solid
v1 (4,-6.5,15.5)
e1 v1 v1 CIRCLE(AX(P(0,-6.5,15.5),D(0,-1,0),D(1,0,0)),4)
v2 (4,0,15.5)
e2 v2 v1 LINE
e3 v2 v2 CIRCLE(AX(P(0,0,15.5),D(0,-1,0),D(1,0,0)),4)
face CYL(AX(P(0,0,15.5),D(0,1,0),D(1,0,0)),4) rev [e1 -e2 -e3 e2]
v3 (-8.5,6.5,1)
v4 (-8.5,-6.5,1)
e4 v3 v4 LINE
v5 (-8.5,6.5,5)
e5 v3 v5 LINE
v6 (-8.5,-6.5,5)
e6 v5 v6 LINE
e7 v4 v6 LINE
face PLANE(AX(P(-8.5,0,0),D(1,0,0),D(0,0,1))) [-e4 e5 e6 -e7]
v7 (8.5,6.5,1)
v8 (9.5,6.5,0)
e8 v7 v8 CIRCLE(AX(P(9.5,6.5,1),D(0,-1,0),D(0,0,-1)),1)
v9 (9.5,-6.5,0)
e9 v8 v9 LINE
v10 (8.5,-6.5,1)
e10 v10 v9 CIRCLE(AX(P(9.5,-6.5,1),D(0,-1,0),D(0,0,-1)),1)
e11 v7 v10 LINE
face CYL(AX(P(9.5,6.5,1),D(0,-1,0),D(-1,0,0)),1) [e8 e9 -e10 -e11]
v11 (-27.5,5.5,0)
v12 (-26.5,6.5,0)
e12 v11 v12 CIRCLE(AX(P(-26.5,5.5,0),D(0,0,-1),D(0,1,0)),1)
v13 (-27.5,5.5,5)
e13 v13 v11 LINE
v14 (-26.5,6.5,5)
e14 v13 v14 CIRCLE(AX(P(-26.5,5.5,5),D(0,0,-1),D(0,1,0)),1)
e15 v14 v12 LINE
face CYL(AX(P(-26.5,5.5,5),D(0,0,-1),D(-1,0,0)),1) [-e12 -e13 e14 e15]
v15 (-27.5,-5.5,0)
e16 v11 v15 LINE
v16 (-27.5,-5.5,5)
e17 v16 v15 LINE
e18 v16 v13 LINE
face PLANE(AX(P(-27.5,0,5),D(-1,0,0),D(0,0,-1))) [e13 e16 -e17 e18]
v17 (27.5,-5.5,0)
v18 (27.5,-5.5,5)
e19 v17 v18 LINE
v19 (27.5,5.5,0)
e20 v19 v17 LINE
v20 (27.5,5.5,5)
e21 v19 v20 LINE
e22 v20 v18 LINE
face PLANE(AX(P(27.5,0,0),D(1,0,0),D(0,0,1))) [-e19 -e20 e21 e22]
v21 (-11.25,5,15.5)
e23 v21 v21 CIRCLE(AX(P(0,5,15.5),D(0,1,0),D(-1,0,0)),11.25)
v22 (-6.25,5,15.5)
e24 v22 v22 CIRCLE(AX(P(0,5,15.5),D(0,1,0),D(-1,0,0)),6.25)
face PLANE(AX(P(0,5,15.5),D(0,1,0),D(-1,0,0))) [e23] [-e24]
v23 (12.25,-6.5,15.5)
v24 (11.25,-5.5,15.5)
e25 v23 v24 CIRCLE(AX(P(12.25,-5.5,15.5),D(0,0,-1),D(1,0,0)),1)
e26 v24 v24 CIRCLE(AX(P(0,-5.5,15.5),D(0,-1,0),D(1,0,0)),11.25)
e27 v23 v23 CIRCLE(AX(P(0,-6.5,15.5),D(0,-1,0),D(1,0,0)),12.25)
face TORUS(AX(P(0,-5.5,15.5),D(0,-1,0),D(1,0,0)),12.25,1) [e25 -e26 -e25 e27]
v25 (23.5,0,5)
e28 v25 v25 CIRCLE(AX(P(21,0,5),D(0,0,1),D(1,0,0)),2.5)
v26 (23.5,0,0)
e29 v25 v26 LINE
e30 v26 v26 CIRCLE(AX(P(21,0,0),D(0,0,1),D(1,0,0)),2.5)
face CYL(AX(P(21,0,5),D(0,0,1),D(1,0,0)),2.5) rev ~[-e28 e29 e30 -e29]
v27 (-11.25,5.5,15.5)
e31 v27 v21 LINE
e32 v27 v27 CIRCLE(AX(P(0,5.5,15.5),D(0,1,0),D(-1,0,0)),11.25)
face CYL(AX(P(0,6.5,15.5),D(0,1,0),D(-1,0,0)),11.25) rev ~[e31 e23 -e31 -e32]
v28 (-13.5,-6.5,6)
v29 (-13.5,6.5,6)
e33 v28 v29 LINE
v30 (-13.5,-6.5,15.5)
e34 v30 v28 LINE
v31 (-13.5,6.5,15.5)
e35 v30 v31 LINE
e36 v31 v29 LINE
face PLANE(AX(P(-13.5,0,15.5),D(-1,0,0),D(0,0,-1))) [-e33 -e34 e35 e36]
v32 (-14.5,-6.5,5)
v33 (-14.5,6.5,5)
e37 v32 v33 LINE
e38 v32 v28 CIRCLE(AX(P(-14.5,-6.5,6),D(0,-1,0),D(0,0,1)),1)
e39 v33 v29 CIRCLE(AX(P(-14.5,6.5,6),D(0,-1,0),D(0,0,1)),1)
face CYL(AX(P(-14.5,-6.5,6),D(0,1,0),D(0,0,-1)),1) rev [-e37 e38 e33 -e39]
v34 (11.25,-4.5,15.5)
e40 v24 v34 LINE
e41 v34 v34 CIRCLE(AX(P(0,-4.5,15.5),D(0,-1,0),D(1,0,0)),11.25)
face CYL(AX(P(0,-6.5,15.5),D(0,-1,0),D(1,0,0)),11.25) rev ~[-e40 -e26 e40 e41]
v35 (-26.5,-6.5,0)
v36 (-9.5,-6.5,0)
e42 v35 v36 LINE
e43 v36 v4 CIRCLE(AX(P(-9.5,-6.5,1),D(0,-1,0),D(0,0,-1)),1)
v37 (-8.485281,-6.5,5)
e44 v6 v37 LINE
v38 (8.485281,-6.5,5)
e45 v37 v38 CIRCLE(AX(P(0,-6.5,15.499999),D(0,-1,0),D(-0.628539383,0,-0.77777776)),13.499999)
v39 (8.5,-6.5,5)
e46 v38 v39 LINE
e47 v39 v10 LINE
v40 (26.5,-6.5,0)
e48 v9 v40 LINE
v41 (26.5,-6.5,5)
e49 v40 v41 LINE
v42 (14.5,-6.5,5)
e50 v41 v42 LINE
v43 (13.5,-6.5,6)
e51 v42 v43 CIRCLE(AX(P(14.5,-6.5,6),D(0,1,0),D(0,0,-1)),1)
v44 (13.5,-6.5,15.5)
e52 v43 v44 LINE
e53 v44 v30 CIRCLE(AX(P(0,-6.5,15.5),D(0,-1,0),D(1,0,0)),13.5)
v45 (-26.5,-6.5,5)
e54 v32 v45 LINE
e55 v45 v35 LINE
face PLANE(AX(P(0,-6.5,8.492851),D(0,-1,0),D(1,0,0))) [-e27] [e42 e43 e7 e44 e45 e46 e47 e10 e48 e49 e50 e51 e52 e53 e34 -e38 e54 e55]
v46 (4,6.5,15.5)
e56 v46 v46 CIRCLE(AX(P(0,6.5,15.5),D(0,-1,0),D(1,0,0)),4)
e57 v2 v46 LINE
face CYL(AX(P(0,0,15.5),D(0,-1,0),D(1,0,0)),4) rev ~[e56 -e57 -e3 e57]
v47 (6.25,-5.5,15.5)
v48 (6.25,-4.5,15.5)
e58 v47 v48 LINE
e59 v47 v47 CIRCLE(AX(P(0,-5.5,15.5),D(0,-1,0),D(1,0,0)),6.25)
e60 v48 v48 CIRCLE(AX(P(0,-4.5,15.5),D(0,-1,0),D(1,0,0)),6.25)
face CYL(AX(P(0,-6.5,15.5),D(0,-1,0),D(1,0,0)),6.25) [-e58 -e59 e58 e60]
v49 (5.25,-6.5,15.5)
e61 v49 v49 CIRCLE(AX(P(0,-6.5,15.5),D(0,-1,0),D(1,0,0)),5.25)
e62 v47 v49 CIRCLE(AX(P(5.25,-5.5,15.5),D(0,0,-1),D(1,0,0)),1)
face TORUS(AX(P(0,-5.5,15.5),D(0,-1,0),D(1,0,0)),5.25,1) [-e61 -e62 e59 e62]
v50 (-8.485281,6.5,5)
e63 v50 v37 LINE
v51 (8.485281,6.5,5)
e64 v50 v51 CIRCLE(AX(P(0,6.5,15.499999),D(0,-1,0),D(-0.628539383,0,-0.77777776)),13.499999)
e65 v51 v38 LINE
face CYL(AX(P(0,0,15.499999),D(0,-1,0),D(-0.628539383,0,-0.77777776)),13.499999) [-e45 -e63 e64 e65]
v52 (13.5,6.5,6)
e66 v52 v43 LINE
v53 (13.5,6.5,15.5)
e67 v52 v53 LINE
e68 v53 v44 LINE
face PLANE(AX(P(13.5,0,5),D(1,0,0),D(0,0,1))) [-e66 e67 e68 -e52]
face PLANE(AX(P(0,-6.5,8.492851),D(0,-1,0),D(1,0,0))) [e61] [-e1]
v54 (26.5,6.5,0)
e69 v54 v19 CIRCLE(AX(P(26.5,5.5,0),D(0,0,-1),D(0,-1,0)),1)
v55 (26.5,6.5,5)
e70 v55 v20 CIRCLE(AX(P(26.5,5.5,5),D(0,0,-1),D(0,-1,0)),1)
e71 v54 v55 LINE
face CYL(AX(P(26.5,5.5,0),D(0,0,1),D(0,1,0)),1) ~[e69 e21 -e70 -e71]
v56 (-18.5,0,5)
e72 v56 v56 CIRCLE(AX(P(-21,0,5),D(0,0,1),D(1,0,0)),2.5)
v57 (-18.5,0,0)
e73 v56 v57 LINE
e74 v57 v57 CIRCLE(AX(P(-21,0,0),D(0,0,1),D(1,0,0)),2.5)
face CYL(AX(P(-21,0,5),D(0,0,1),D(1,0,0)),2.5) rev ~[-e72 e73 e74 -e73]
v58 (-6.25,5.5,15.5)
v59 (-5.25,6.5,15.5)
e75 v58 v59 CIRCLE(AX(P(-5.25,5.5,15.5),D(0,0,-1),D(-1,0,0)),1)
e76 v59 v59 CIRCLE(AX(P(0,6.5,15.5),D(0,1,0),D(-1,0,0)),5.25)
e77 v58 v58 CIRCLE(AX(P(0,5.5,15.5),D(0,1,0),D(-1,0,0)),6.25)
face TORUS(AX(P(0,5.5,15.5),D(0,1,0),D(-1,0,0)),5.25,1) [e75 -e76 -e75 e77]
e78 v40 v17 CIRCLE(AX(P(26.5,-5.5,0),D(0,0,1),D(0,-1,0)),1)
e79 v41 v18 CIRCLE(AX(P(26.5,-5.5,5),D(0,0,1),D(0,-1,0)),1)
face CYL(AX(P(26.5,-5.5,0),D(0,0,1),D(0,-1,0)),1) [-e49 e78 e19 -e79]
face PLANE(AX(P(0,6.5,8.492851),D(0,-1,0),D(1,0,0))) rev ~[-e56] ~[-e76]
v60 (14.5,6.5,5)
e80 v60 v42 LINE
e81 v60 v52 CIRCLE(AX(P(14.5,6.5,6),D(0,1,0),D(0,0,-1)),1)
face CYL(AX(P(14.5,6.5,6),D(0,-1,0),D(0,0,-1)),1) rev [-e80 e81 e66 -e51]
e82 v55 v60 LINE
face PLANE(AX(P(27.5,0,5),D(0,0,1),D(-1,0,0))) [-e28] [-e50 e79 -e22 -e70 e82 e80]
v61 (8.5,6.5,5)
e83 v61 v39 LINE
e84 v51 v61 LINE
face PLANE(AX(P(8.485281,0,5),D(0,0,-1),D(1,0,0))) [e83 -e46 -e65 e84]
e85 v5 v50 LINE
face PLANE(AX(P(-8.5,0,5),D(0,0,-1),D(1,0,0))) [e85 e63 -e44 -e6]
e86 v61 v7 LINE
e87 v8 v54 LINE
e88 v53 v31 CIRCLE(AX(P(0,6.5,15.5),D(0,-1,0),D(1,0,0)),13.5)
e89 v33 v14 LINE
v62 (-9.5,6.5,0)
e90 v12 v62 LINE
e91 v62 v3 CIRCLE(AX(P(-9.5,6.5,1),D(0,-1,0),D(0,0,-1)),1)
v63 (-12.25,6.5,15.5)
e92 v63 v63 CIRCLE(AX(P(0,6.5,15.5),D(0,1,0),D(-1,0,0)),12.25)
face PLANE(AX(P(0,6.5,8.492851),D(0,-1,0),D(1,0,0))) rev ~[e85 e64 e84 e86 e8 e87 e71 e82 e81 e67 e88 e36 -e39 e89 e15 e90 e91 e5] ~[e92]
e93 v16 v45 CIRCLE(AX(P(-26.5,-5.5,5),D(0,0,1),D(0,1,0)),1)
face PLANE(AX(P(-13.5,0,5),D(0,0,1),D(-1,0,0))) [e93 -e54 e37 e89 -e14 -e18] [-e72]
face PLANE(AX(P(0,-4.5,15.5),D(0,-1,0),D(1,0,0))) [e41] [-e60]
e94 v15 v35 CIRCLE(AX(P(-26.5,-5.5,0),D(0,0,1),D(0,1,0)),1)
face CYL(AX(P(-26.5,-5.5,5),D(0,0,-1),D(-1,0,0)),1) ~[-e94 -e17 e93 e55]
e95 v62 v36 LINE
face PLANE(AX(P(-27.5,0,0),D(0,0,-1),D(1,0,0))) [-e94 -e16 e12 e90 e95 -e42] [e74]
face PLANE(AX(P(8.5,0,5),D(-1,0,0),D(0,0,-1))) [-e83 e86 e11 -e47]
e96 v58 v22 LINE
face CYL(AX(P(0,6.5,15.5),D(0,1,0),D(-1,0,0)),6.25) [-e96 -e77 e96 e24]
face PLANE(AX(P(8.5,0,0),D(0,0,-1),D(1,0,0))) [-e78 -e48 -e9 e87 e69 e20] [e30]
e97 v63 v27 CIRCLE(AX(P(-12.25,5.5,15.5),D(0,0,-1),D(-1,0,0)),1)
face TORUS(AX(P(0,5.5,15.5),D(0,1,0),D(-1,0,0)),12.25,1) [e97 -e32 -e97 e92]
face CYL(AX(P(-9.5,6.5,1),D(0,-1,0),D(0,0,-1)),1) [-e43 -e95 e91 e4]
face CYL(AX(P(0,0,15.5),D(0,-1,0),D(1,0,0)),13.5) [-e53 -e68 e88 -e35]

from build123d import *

# Parameters (mm, degrees)
F0_R          = 4
F1_DEPTH      = 6.5
F1_DEPTH_BACK = 6.5
F2_R          = 2.5
F3_DEPTH      = 25
F4_R          = 1
F5_R          = 11.25
F5_R_2        = 6.25
F6_DEPTH      = 2
F7_R          = 11.25
F7_R_2        = 6.25
F8_DEPTH      = 1.5
F9_R          = 1


with BuildPart() as f1:
    # F0 (on Front) → F1 (new body, two sides)
    with BuildSketch(Plane.XZ) as f1_sk:
        with BuildLine():
            Line((-27.5, 5), (-27.5, 0))
            Line((-27.5, 0), (-8.5, 0))
            Line((-8.5, 0), (-8.5, 5))
            Line((-8.5, 5), (-8.5, 5.011912))
            ThreePointArc((-8.5, 5.011912), (-8.492643, 5.005953), (-8.485281, 5))
            ThreePointArc((-8.485281, 5), (0, 2), (8.485281, 5))
            ThreePointArc((8.485281, 5), (8.492643, 5.005953), (8.5, 5.011912))
            Line((8.5, 5.011912), (8.5, 5))
            Line((8.5, 5), (8.5, 0))
            Line((8.5, 0), (27.5, 0))
            Line((27.5, 0), (27.5, 5))
            Line((27.5, 5), (13.5, 5))
            Line((13.5, 5), (13.5, 15.5))
            ThreePointArc((13.5, 15.5), (0, 29), (-13.5, 15.5))
            Line((-13.5, 15.5), (-13.5, 5))
            Line((-13.5, 5), (-27.5, 5))
        make_face()
        with Locations((0, 15.5)):
            Circle(F0_R, mode=Mode.SUBTRACT)
        with BuildLine():
            Line((-8.5, 5.011912), (-8.5, 5))
            Line((-8.5, 5), (-8.485281, 5))
            ThreePointArc((-8.485281, 5), (-8.492643, 5.005953), (-8.5, 5.011912))
        make_face()
        with BuildLine():
            ThreePointArc((8.5, 5.011912), (8.492643, 5.005953), (8.485281, 5))
            Line((8.485281, 5), (8.5, 5))
            Line((8.5, 5), (8.5, 5.011912))
        make_face()
    extrude(amount=F1_DEPTH)
    extrude(f1_sk.sketch, amount=-F1_DEPTH_BACK)

    # F2 (on face) → F3 (cut)
    with BuildSketch(Plane.XY.offset(5)):
        with Locations((-21, 0)):
            Circle(F2_R)
        with Locations((21, 0)):
            Circle(F2_R)
    extrude(amount=-F3_DEPTH, mode=Mode.SUBTRACT)

    # F4
    f4_edges = [f1.edges().sort_by_distance(p)[0] for p in [
        (-27.5, -6.5, 2.5),
        (-27.5, 6.5, 2.5),
        (27.5, -6.5, 2.5),
        (27.5, 6.5, 2.5),
        (13.5, 0, 5),
        (8.5, 0, 0),
        (-8.5, 0, 0),
        (-13.5, 0, 5),
    ]]
    fillet(f4_edges, radius=F4_R)

    # F5 (on face) → F6 (cut)
    with BuildSketch(Plane.XZ.offset(6.5)):
        with Locations((0, 15.5)):
            Circle(F5_R)
        with Locations((0, 15.5)):
            Circle(F5_R_2, mode=Mode.SUBTRACT)
    extrude(amount=-F6_DEPTH, mode=Mode.SUBTRACT)

    # F7 (on face) → F8 (cut)
    with BuildSketch(Plane(origin=(0, 6.5, 0), x_dir=(-1, 0, 0), z_dir=(0, 1, 0))):
        with Locations((0, 15.5)):
            Circle(F7_R)
        with Locations((0, 15.5)):
            Circle(F7_R_2, mode=Mode.SUBTRACT)
    extrude(amount=-F8_DEPTH, mode=Mode.SUBTRACT)

    # F9
    f9_edges = [f1.edges().sort_by_distance(p)[0] for p in [
        (11.25, 6.5, 15.5),
        (6.25, 6.5, 15.5),
        (-11.25, -6.5, 15.5),
        (-6.25, -6.5, 15.5),
    ]]
    fillet(f9_edges, radius=F9_R)


solid = f1.part
